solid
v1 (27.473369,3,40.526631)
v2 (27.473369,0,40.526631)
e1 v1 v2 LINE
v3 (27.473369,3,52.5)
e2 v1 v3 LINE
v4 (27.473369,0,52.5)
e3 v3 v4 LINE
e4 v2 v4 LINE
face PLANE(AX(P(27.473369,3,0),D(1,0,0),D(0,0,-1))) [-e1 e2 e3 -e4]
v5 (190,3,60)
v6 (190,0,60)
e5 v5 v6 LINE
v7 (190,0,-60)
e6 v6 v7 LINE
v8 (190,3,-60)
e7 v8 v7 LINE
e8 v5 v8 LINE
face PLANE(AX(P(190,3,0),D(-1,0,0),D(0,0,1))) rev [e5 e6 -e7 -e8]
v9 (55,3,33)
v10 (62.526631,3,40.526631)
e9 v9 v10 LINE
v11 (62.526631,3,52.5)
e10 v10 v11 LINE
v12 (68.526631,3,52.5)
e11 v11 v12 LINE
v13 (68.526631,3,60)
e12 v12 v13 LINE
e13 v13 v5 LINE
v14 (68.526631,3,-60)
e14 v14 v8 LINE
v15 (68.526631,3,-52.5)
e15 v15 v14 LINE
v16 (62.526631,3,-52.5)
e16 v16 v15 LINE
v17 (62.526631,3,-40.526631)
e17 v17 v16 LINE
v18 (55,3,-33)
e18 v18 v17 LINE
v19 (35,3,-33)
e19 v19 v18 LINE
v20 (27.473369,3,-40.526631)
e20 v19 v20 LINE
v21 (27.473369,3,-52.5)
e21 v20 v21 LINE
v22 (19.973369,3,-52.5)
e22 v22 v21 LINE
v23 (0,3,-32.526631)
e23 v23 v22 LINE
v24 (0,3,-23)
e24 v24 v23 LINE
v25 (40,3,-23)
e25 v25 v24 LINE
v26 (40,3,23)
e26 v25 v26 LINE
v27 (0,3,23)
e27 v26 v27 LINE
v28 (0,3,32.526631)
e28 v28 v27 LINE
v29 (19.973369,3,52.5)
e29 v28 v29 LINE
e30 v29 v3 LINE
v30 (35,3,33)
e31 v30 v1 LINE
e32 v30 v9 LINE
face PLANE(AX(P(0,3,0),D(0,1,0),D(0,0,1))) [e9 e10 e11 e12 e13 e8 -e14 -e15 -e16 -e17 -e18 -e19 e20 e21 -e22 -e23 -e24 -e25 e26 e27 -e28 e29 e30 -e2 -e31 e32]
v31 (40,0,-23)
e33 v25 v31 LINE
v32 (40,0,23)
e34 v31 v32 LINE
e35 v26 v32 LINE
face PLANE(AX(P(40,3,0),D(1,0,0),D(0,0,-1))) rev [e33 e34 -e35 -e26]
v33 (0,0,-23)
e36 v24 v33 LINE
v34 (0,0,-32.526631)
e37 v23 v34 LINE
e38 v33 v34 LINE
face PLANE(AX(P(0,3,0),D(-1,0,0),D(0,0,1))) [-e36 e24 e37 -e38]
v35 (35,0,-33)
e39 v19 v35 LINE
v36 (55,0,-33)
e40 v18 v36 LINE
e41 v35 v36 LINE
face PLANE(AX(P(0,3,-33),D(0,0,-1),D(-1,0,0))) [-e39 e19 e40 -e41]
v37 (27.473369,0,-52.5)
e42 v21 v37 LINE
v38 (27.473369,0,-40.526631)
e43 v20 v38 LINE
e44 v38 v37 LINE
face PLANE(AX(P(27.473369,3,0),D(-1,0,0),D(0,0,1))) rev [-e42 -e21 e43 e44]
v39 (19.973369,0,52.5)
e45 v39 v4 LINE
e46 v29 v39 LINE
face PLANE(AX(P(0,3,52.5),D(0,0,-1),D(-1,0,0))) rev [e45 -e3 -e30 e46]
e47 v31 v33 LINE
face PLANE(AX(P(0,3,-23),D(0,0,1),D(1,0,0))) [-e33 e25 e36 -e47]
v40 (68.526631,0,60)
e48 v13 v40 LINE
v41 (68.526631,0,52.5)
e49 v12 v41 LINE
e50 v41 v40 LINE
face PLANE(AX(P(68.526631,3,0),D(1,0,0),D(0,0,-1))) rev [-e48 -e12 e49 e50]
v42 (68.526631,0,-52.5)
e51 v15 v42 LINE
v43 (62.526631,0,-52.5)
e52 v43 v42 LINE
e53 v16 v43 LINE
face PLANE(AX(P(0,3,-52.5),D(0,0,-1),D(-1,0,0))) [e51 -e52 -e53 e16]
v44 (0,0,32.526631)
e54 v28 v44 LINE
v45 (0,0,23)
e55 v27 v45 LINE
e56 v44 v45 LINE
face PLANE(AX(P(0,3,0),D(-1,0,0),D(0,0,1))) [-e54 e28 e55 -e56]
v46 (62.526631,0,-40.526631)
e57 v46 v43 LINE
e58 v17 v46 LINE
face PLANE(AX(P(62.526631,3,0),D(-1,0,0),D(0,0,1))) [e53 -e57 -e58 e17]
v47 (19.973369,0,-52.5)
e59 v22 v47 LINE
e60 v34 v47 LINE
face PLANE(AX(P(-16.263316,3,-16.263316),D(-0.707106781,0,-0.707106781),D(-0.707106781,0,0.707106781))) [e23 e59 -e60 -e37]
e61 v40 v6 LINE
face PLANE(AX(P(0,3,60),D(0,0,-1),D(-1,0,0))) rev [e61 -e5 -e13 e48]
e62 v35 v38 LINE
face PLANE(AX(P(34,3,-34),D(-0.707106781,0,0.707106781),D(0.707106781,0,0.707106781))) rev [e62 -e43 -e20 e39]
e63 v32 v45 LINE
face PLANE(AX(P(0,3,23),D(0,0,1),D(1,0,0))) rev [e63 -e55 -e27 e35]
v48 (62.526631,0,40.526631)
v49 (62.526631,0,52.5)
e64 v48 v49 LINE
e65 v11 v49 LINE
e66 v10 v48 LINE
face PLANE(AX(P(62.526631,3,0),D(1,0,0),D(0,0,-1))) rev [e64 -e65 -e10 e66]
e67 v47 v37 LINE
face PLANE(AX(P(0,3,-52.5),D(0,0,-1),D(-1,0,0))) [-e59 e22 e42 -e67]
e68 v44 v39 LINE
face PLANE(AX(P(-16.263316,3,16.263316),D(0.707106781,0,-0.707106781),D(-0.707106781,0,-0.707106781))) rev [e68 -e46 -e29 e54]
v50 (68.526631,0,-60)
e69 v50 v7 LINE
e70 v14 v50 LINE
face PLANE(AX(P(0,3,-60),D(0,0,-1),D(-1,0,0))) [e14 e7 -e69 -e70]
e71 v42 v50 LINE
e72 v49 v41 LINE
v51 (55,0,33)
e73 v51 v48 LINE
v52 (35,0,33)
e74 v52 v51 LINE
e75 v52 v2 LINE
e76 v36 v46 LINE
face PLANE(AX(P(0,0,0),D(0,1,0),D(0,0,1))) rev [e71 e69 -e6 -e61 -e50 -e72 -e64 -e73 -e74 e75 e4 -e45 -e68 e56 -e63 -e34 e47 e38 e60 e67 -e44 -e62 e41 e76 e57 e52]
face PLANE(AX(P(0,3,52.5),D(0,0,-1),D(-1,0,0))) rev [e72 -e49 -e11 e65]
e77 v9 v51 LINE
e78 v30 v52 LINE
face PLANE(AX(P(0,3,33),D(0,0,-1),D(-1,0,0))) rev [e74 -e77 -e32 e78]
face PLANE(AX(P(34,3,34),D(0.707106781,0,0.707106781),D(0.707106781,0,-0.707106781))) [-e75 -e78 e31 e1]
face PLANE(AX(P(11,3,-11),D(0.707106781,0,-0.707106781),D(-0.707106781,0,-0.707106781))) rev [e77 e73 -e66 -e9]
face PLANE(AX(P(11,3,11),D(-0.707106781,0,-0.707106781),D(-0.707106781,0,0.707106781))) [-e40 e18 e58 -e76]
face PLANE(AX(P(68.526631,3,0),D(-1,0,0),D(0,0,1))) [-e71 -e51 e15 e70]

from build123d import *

# Parameters (mm, degrees)
BOSS_EXTRUDE1_DEPTH = 3


with BuildPart() as part:
    # Sketch1 → Boss-Extrude1 (new body)
    with BuildSketch(Plane(origin=(0, 0, 0), x_dir=(1, 0, 0), z_dir=(0, 1, 0))):
        Polygon((68.526631134, -52.5), (68.526631134, -60), (190, -60), (190, 60), (68.526631134, 60), (68.526631134, 52.5), (62.526631134, 52.5), (62.526631134, 40.526631134), (55, 33), (35, 33), (27.473368866, 40.526631134), (27.473368866, 52.5), (19.973368866, 52.5), (0, 32.526631134), (0, 23), (40, 23), (40, -23), (0, -23), (0, -32.526631134), (19.973368866, -52.5), (27.473368866, -52.5), (27.473368866, -40.526631134), (35, -33), (55, -33), (62.526631134, -40.526631134), (62.526631134, -52.5), align=None)
    extrude(amount=BOSS_EXTRUDE1_DEPTH)


solid = part.part
